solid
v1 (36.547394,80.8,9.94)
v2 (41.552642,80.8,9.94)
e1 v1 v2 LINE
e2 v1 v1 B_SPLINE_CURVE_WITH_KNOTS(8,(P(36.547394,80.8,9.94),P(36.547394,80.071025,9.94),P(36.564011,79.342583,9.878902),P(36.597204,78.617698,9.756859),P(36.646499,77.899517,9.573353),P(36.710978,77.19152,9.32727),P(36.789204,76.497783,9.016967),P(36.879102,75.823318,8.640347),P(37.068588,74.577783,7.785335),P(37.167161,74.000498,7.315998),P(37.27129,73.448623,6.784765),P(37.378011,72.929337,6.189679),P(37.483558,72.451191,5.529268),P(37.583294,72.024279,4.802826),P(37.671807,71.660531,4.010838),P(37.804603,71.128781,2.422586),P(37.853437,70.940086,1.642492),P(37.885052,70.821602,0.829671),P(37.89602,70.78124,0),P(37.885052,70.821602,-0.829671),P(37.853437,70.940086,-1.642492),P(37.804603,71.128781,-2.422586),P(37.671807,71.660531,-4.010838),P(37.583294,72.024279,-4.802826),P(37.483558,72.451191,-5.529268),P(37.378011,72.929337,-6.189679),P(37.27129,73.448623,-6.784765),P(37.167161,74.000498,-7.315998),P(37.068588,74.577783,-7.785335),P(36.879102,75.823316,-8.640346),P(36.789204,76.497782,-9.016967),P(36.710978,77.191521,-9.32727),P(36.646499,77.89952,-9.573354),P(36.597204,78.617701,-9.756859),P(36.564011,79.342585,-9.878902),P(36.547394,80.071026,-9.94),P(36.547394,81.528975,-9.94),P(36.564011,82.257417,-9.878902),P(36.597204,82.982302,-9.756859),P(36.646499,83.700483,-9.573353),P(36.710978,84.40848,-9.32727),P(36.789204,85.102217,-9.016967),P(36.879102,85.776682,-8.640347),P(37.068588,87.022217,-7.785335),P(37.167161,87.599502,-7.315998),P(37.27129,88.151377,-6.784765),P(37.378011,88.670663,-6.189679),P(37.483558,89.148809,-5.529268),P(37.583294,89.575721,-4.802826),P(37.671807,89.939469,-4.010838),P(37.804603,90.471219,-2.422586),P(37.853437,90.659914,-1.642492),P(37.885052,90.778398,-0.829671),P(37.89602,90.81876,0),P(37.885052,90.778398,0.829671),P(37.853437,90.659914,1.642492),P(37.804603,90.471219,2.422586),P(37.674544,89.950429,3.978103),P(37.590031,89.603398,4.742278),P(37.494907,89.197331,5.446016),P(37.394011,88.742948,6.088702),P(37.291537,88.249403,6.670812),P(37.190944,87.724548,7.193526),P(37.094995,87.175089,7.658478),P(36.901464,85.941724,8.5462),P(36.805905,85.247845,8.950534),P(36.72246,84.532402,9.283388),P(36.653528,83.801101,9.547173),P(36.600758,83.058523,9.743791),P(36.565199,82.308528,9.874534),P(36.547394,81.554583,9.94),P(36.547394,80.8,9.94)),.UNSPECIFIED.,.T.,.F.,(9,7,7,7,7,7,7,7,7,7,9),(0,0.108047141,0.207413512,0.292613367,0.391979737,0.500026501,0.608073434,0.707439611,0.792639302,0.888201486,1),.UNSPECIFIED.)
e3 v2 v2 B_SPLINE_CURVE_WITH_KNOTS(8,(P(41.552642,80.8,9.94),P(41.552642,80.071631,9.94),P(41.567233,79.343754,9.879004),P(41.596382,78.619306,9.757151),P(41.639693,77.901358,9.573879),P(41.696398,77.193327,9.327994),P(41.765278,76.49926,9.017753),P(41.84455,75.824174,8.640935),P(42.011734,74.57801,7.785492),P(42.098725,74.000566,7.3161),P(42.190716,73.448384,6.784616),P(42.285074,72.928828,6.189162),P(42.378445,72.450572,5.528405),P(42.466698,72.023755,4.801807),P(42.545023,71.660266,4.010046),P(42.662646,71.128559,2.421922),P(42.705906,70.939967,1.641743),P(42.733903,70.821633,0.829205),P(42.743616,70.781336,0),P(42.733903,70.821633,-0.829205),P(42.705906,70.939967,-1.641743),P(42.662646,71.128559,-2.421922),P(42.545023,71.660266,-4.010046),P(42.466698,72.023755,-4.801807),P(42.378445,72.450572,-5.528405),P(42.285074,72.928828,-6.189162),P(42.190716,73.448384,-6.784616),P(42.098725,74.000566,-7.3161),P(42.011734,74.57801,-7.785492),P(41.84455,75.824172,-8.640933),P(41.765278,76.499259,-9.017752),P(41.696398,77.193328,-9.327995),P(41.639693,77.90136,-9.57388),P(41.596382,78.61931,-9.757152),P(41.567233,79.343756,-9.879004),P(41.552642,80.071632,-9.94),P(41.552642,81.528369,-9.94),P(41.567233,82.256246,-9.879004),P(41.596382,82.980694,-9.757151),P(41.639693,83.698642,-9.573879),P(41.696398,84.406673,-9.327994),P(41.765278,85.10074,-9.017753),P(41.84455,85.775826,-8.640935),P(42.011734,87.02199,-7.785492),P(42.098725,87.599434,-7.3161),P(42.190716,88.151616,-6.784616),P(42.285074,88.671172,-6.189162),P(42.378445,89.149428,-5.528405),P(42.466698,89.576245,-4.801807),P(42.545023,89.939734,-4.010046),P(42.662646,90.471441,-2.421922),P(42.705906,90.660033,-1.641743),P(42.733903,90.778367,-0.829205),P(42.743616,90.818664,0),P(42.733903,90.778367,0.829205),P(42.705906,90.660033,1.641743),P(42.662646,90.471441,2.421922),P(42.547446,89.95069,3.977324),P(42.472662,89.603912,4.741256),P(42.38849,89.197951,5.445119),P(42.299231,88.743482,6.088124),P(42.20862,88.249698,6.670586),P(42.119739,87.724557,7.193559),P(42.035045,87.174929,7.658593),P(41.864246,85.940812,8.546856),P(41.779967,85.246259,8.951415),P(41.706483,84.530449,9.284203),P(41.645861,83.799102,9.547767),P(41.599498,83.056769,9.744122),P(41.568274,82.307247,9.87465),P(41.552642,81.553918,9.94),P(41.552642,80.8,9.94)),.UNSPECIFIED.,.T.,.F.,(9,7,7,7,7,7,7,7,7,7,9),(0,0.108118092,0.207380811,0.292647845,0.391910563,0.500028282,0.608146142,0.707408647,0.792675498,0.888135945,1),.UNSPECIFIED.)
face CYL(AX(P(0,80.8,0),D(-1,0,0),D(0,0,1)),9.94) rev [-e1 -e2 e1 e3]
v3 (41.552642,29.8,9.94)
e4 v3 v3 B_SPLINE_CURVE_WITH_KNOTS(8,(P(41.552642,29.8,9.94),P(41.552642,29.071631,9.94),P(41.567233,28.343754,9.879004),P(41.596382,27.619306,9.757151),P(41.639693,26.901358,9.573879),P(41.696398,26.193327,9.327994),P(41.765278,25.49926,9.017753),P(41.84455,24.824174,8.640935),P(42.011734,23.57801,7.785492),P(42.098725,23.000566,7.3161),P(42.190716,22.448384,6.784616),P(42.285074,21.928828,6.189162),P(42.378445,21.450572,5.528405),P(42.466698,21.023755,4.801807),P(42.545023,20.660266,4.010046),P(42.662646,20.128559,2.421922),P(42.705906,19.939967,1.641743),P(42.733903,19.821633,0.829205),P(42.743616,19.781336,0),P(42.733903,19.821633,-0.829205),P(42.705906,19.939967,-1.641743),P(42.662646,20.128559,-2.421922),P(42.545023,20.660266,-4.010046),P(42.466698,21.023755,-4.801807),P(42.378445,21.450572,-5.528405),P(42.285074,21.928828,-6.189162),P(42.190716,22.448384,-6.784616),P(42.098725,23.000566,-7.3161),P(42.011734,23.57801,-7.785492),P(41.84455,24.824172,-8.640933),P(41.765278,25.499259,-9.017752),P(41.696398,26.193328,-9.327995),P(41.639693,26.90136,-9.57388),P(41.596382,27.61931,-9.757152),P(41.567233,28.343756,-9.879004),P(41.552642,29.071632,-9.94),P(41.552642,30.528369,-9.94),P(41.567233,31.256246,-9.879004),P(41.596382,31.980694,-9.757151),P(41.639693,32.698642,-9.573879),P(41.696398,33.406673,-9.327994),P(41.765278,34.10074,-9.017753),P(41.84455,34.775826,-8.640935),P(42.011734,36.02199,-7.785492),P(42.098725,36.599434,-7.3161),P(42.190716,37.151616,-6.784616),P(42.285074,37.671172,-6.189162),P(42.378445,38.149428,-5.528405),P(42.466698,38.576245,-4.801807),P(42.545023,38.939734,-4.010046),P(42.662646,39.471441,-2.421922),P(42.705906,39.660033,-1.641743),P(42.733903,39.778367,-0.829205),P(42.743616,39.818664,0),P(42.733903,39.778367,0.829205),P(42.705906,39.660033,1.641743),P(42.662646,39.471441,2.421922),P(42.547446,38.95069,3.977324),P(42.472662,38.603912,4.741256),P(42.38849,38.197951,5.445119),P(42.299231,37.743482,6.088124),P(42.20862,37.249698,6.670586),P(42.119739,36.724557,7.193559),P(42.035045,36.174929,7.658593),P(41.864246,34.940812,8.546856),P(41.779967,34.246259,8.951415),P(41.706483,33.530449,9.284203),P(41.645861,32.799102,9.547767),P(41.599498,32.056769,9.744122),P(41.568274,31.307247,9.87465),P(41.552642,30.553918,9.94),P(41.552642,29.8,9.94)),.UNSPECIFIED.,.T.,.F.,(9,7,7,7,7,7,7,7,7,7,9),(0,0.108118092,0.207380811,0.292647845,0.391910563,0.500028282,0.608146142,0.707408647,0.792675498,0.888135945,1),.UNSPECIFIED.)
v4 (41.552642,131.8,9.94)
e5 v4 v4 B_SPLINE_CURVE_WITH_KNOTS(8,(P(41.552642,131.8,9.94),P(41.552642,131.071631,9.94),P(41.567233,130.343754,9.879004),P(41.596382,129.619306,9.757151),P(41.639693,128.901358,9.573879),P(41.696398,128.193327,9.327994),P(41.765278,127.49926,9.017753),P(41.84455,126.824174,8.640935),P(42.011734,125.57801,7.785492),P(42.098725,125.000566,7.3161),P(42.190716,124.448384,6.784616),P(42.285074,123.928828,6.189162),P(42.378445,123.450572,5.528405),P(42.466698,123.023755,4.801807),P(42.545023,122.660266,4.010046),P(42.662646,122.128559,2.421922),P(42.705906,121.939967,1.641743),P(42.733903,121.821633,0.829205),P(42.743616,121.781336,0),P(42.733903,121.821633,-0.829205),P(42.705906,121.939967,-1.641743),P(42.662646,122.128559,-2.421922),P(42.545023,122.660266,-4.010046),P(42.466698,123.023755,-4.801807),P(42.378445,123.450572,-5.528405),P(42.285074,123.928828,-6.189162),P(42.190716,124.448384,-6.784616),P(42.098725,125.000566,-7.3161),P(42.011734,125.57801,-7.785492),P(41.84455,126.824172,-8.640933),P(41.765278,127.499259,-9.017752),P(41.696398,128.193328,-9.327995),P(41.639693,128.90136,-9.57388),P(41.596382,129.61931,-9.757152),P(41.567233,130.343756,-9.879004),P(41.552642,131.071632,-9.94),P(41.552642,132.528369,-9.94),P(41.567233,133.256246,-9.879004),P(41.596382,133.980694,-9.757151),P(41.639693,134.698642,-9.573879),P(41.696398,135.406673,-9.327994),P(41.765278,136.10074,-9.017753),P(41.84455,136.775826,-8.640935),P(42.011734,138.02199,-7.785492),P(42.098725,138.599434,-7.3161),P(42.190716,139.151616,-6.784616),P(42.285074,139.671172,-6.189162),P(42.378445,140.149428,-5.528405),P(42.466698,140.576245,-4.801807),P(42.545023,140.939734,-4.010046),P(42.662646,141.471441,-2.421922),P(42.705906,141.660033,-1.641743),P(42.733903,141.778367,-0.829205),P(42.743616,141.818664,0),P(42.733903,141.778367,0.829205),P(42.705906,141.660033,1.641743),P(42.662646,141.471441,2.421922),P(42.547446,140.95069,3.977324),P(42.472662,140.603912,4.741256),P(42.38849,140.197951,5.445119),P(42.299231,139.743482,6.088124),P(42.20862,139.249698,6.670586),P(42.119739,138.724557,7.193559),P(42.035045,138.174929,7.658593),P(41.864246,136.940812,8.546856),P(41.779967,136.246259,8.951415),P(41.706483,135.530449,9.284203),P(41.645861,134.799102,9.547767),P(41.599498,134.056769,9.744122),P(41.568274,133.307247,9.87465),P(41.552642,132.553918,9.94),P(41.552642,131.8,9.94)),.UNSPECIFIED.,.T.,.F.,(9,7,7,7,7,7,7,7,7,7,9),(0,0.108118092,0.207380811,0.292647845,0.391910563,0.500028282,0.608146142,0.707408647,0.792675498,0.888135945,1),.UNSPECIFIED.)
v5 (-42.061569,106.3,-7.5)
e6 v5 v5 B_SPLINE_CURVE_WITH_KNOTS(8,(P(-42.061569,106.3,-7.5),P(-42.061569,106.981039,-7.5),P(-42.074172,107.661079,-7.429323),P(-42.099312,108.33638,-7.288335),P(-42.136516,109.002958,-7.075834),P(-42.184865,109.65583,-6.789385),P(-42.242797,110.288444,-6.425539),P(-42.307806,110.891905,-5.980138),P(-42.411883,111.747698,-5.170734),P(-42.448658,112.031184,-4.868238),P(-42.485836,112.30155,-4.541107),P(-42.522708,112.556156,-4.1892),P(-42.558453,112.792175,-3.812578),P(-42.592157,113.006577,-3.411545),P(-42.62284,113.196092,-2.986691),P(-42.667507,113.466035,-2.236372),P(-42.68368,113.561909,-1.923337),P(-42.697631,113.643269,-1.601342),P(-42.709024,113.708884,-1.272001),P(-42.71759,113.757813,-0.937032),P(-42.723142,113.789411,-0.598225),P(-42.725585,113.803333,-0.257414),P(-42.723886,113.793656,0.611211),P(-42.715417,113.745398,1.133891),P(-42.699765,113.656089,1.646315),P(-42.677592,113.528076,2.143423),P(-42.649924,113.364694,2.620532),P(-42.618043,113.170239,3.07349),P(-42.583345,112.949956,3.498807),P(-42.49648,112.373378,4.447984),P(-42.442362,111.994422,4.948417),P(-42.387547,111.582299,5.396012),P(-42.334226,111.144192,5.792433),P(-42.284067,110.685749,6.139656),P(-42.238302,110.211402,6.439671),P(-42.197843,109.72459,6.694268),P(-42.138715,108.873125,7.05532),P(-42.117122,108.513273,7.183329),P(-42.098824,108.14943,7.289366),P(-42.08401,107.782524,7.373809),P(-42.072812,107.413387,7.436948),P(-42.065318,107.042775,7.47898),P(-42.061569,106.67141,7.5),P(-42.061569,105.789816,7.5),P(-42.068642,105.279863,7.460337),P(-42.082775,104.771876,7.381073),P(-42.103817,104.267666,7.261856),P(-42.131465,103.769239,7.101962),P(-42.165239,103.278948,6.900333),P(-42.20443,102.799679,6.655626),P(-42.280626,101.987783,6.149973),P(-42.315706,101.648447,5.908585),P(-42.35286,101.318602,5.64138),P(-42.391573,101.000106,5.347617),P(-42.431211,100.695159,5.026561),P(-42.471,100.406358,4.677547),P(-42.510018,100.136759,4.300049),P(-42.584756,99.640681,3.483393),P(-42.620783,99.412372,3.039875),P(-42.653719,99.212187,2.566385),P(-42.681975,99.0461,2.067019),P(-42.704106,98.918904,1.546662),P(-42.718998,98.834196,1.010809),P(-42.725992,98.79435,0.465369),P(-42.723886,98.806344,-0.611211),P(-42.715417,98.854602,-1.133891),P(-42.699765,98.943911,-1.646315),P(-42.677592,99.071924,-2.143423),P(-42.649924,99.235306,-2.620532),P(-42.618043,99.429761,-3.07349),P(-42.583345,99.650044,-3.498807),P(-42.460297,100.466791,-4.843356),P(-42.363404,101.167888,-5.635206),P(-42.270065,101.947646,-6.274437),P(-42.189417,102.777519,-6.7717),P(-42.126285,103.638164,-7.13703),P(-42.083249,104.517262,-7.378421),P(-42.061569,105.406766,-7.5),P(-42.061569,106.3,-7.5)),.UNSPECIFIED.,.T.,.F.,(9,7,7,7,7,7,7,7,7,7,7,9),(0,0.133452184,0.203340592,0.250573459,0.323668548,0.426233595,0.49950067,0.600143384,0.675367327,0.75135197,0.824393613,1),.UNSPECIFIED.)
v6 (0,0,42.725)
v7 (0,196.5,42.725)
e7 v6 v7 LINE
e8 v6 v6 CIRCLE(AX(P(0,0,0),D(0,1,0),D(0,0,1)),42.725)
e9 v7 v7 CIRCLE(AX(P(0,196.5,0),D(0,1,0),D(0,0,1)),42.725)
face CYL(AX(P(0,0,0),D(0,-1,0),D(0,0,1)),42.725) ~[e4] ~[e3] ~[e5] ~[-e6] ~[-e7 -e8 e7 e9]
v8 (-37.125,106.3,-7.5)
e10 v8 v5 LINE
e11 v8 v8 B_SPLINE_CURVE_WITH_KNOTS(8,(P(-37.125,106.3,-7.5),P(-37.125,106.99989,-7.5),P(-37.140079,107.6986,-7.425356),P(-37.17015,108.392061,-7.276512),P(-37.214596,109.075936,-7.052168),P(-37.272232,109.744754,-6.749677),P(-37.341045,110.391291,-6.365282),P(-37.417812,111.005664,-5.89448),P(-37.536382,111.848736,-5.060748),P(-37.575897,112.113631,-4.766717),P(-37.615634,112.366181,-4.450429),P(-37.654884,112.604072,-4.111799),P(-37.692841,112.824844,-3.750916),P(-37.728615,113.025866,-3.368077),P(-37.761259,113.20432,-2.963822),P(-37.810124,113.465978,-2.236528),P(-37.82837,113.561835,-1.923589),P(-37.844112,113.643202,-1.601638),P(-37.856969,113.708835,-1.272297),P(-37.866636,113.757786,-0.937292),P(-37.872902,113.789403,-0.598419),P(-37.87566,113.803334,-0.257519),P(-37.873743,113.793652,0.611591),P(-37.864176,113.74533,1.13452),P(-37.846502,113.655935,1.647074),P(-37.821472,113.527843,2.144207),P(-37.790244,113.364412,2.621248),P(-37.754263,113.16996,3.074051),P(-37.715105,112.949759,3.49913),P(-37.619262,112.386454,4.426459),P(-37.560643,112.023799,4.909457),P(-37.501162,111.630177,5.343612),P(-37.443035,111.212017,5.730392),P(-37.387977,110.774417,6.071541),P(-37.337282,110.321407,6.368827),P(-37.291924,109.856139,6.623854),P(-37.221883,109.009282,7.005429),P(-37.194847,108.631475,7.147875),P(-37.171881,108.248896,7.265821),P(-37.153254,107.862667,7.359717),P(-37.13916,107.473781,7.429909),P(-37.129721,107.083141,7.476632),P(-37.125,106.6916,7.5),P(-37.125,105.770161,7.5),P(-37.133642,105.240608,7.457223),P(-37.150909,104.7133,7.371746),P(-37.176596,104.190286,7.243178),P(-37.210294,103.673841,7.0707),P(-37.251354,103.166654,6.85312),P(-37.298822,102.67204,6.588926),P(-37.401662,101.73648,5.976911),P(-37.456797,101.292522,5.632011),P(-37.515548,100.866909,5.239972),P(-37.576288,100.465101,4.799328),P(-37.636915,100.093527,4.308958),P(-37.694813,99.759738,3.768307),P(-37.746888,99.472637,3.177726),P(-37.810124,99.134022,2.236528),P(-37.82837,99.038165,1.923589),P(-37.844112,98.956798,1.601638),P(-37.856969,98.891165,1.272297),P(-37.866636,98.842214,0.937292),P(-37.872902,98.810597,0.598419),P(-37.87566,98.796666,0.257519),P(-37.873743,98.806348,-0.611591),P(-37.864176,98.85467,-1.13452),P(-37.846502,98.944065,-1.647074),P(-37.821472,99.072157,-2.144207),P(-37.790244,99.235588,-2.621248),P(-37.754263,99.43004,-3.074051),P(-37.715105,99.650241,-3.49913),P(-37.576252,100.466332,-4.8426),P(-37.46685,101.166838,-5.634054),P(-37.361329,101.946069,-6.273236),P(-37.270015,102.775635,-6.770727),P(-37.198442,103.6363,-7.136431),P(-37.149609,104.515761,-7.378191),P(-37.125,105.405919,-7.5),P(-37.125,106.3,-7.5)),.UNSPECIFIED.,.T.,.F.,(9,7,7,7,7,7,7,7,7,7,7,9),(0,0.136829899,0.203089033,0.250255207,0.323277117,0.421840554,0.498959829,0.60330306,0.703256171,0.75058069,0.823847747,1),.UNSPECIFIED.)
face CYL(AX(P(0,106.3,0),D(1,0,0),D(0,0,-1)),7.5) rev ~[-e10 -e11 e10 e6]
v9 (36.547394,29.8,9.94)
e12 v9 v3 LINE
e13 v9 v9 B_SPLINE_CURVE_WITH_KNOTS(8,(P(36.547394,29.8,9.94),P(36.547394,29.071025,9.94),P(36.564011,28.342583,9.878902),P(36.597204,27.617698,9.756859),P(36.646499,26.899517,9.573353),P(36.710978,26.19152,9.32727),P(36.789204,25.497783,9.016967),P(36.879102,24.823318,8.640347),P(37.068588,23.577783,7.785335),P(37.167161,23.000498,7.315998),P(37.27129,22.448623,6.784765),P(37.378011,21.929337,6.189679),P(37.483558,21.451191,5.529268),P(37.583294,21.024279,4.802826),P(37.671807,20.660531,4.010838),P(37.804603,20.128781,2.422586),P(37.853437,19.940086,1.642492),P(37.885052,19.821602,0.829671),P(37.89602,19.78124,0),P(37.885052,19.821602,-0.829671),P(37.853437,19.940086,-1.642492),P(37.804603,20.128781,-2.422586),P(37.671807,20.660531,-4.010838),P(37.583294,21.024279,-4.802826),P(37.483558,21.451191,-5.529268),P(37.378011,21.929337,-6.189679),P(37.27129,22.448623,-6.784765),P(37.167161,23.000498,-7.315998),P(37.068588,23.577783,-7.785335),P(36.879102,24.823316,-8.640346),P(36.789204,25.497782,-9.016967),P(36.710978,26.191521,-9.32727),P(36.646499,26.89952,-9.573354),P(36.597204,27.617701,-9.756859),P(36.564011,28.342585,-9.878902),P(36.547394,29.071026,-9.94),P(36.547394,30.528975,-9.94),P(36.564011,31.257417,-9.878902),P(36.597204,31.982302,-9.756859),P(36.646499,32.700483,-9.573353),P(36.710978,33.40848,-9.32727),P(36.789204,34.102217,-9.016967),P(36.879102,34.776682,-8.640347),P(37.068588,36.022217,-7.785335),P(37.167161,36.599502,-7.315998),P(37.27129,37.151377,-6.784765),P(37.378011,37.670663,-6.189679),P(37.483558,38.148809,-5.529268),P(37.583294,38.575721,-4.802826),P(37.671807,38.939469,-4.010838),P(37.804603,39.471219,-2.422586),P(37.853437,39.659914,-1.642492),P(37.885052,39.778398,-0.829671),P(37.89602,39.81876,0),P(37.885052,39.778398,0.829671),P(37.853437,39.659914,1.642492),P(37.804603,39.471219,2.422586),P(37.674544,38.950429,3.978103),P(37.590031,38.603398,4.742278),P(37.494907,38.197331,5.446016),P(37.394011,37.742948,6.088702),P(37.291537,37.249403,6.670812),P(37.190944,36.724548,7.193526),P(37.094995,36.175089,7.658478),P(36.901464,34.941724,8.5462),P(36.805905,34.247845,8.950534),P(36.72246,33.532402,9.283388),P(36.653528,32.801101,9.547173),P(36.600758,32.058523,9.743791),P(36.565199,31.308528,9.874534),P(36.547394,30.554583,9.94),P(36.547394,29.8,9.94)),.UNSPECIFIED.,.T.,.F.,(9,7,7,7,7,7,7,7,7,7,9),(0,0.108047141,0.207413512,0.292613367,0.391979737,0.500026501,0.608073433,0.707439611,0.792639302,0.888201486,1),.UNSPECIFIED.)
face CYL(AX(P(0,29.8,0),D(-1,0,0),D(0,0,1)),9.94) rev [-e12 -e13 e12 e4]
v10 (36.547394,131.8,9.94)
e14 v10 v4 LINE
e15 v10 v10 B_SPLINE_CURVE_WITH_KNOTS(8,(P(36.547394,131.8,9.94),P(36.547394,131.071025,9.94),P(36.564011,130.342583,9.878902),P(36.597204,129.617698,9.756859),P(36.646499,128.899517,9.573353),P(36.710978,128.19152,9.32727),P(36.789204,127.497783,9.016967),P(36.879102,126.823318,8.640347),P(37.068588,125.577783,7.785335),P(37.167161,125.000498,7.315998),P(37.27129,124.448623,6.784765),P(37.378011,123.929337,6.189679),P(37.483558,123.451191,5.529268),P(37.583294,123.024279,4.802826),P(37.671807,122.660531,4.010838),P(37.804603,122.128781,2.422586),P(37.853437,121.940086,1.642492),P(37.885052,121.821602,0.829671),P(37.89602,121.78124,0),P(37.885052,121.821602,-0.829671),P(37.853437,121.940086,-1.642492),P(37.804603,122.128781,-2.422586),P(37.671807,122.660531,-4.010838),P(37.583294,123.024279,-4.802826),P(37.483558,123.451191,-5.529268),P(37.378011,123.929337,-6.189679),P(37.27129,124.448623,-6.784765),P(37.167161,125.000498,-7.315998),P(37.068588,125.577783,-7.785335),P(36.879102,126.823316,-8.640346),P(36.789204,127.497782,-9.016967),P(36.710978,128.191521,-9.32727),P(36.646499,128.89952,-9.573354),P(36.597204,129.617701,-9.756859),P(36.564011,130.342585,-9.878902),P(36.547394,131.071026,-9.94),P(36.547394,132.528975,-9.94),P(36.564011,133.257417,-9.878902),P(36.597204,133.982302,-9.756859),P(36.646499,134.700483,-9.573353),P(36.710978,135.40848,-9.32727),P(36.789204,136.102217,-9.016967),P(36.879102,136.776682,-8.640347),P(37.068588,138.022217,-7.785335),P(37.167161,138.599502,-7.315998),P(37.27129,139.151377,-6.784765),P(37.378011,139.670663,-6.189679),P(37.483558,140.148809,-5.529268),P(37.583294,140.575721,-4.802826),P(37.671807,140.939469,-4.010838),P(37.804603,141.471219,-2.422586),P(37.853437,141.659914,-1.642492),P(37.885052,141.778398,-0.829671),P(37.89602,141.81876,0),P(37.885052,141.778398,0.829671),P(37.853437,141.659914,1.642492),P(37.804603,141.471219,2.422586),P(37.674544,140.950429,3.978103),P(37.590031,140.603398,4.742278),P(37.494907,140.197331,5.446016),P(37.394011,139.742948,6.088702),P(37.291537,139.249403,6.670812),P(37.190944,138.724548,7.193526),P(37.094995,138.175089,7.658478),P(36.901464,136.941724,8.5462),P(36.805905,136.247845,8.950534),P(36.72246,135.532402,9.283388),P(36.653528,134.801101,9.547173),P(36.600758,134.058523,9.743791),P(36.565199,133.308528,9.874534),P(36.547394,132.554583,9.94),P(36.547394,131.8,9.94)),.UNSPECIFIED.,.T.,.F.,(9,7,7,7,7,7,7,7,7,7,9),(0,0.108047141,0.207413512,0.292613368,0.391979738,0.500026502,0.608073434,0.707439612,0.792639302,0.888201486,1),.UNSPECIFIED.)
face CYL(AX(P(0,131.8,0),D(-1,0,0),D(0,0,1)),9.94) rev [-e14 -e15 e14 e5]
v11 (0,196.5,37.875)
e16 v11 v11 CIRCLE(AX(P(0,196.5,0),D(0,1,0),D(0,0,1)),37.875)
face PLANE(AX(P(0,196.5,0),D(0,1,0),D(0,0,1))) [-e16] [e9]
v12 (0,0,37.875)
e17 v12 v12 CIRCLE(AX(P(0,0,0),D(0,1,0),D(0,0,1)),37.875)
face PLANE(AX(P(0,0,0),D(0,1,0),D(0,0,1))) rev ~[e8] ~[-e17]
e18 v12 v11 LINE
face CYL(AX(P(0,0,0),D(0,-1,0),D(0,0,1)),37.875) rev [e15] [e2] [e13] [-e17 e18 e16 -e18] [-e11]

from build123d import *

# Parameters (mm, degrees)
SKETCH1_R           = 42.725
SKETCH1_R_2         = 37.875
BOSS_EXTRUDE1_DEPTH = 196.5
SKETCH2_R           = 9.94
CUT_EXTRUDE1_DEPTH  = 206.57991451
SKETCH4_R           = 7.5
CUT_EXTRUDE2_DEPTH  = 206.579914647


with BuildPart() as part:
    # Sketch1 → Boss-Extrude1 (new body)
    with BuildSketch(Plane(origin=(0, 0, 0), x_dir=(1, 0, 0), z_dir=(0, 1, 0))):
        with Locations(Location((0, 0, 0), (0, 0, 270))):
            Circle(SKETCH1_R)
        with Locations(Location((0, 0, 0), (0, 0, 270))):
            Circle(SKETCH1_R_2, mode=Mode.SUBTRACT)
    extrude(amount=BOSS_EXTRUDE1_DEPTH)

    # Sketch2 → Cut-Extrude1 (cut, through all)
    with BuildSketch(Plane(origin=(0, 0, 0), x_dir=(0, 0, -1), z_dir=(1, 0, 0))):
        with Locations(Location((0, 131.8, 0), (0, 0, 180))):
            Circle(SKETCH2_R)
        with Locations(Location((0, 80.8, 0), (0, 0, 180))):
            Circle(SKETCH2_R)
        with Locations(Location((0, 29.8, 0), (0, 0, 180))):
            Circle(SKETCH2_R)
    extrude(amount=CUT_EXTRUDE1_DEPTH, mode=Mode.SUBTRACT)

    # Sketch4 → Cut-Extrude2 (cut, through all)
    with BuildSketch(Plane(origin=(0, 0, 0), x_dir=(0, 0, -1), z_dir=(1, 0, 0))):
        with Locations((0, 106.3)):
            Circle(SKETCH4_R)
    extrude(amount=-CUT_EXTRUDE2_DEPTH, mode=Mode.SUBTRACT)


solid = part.part
